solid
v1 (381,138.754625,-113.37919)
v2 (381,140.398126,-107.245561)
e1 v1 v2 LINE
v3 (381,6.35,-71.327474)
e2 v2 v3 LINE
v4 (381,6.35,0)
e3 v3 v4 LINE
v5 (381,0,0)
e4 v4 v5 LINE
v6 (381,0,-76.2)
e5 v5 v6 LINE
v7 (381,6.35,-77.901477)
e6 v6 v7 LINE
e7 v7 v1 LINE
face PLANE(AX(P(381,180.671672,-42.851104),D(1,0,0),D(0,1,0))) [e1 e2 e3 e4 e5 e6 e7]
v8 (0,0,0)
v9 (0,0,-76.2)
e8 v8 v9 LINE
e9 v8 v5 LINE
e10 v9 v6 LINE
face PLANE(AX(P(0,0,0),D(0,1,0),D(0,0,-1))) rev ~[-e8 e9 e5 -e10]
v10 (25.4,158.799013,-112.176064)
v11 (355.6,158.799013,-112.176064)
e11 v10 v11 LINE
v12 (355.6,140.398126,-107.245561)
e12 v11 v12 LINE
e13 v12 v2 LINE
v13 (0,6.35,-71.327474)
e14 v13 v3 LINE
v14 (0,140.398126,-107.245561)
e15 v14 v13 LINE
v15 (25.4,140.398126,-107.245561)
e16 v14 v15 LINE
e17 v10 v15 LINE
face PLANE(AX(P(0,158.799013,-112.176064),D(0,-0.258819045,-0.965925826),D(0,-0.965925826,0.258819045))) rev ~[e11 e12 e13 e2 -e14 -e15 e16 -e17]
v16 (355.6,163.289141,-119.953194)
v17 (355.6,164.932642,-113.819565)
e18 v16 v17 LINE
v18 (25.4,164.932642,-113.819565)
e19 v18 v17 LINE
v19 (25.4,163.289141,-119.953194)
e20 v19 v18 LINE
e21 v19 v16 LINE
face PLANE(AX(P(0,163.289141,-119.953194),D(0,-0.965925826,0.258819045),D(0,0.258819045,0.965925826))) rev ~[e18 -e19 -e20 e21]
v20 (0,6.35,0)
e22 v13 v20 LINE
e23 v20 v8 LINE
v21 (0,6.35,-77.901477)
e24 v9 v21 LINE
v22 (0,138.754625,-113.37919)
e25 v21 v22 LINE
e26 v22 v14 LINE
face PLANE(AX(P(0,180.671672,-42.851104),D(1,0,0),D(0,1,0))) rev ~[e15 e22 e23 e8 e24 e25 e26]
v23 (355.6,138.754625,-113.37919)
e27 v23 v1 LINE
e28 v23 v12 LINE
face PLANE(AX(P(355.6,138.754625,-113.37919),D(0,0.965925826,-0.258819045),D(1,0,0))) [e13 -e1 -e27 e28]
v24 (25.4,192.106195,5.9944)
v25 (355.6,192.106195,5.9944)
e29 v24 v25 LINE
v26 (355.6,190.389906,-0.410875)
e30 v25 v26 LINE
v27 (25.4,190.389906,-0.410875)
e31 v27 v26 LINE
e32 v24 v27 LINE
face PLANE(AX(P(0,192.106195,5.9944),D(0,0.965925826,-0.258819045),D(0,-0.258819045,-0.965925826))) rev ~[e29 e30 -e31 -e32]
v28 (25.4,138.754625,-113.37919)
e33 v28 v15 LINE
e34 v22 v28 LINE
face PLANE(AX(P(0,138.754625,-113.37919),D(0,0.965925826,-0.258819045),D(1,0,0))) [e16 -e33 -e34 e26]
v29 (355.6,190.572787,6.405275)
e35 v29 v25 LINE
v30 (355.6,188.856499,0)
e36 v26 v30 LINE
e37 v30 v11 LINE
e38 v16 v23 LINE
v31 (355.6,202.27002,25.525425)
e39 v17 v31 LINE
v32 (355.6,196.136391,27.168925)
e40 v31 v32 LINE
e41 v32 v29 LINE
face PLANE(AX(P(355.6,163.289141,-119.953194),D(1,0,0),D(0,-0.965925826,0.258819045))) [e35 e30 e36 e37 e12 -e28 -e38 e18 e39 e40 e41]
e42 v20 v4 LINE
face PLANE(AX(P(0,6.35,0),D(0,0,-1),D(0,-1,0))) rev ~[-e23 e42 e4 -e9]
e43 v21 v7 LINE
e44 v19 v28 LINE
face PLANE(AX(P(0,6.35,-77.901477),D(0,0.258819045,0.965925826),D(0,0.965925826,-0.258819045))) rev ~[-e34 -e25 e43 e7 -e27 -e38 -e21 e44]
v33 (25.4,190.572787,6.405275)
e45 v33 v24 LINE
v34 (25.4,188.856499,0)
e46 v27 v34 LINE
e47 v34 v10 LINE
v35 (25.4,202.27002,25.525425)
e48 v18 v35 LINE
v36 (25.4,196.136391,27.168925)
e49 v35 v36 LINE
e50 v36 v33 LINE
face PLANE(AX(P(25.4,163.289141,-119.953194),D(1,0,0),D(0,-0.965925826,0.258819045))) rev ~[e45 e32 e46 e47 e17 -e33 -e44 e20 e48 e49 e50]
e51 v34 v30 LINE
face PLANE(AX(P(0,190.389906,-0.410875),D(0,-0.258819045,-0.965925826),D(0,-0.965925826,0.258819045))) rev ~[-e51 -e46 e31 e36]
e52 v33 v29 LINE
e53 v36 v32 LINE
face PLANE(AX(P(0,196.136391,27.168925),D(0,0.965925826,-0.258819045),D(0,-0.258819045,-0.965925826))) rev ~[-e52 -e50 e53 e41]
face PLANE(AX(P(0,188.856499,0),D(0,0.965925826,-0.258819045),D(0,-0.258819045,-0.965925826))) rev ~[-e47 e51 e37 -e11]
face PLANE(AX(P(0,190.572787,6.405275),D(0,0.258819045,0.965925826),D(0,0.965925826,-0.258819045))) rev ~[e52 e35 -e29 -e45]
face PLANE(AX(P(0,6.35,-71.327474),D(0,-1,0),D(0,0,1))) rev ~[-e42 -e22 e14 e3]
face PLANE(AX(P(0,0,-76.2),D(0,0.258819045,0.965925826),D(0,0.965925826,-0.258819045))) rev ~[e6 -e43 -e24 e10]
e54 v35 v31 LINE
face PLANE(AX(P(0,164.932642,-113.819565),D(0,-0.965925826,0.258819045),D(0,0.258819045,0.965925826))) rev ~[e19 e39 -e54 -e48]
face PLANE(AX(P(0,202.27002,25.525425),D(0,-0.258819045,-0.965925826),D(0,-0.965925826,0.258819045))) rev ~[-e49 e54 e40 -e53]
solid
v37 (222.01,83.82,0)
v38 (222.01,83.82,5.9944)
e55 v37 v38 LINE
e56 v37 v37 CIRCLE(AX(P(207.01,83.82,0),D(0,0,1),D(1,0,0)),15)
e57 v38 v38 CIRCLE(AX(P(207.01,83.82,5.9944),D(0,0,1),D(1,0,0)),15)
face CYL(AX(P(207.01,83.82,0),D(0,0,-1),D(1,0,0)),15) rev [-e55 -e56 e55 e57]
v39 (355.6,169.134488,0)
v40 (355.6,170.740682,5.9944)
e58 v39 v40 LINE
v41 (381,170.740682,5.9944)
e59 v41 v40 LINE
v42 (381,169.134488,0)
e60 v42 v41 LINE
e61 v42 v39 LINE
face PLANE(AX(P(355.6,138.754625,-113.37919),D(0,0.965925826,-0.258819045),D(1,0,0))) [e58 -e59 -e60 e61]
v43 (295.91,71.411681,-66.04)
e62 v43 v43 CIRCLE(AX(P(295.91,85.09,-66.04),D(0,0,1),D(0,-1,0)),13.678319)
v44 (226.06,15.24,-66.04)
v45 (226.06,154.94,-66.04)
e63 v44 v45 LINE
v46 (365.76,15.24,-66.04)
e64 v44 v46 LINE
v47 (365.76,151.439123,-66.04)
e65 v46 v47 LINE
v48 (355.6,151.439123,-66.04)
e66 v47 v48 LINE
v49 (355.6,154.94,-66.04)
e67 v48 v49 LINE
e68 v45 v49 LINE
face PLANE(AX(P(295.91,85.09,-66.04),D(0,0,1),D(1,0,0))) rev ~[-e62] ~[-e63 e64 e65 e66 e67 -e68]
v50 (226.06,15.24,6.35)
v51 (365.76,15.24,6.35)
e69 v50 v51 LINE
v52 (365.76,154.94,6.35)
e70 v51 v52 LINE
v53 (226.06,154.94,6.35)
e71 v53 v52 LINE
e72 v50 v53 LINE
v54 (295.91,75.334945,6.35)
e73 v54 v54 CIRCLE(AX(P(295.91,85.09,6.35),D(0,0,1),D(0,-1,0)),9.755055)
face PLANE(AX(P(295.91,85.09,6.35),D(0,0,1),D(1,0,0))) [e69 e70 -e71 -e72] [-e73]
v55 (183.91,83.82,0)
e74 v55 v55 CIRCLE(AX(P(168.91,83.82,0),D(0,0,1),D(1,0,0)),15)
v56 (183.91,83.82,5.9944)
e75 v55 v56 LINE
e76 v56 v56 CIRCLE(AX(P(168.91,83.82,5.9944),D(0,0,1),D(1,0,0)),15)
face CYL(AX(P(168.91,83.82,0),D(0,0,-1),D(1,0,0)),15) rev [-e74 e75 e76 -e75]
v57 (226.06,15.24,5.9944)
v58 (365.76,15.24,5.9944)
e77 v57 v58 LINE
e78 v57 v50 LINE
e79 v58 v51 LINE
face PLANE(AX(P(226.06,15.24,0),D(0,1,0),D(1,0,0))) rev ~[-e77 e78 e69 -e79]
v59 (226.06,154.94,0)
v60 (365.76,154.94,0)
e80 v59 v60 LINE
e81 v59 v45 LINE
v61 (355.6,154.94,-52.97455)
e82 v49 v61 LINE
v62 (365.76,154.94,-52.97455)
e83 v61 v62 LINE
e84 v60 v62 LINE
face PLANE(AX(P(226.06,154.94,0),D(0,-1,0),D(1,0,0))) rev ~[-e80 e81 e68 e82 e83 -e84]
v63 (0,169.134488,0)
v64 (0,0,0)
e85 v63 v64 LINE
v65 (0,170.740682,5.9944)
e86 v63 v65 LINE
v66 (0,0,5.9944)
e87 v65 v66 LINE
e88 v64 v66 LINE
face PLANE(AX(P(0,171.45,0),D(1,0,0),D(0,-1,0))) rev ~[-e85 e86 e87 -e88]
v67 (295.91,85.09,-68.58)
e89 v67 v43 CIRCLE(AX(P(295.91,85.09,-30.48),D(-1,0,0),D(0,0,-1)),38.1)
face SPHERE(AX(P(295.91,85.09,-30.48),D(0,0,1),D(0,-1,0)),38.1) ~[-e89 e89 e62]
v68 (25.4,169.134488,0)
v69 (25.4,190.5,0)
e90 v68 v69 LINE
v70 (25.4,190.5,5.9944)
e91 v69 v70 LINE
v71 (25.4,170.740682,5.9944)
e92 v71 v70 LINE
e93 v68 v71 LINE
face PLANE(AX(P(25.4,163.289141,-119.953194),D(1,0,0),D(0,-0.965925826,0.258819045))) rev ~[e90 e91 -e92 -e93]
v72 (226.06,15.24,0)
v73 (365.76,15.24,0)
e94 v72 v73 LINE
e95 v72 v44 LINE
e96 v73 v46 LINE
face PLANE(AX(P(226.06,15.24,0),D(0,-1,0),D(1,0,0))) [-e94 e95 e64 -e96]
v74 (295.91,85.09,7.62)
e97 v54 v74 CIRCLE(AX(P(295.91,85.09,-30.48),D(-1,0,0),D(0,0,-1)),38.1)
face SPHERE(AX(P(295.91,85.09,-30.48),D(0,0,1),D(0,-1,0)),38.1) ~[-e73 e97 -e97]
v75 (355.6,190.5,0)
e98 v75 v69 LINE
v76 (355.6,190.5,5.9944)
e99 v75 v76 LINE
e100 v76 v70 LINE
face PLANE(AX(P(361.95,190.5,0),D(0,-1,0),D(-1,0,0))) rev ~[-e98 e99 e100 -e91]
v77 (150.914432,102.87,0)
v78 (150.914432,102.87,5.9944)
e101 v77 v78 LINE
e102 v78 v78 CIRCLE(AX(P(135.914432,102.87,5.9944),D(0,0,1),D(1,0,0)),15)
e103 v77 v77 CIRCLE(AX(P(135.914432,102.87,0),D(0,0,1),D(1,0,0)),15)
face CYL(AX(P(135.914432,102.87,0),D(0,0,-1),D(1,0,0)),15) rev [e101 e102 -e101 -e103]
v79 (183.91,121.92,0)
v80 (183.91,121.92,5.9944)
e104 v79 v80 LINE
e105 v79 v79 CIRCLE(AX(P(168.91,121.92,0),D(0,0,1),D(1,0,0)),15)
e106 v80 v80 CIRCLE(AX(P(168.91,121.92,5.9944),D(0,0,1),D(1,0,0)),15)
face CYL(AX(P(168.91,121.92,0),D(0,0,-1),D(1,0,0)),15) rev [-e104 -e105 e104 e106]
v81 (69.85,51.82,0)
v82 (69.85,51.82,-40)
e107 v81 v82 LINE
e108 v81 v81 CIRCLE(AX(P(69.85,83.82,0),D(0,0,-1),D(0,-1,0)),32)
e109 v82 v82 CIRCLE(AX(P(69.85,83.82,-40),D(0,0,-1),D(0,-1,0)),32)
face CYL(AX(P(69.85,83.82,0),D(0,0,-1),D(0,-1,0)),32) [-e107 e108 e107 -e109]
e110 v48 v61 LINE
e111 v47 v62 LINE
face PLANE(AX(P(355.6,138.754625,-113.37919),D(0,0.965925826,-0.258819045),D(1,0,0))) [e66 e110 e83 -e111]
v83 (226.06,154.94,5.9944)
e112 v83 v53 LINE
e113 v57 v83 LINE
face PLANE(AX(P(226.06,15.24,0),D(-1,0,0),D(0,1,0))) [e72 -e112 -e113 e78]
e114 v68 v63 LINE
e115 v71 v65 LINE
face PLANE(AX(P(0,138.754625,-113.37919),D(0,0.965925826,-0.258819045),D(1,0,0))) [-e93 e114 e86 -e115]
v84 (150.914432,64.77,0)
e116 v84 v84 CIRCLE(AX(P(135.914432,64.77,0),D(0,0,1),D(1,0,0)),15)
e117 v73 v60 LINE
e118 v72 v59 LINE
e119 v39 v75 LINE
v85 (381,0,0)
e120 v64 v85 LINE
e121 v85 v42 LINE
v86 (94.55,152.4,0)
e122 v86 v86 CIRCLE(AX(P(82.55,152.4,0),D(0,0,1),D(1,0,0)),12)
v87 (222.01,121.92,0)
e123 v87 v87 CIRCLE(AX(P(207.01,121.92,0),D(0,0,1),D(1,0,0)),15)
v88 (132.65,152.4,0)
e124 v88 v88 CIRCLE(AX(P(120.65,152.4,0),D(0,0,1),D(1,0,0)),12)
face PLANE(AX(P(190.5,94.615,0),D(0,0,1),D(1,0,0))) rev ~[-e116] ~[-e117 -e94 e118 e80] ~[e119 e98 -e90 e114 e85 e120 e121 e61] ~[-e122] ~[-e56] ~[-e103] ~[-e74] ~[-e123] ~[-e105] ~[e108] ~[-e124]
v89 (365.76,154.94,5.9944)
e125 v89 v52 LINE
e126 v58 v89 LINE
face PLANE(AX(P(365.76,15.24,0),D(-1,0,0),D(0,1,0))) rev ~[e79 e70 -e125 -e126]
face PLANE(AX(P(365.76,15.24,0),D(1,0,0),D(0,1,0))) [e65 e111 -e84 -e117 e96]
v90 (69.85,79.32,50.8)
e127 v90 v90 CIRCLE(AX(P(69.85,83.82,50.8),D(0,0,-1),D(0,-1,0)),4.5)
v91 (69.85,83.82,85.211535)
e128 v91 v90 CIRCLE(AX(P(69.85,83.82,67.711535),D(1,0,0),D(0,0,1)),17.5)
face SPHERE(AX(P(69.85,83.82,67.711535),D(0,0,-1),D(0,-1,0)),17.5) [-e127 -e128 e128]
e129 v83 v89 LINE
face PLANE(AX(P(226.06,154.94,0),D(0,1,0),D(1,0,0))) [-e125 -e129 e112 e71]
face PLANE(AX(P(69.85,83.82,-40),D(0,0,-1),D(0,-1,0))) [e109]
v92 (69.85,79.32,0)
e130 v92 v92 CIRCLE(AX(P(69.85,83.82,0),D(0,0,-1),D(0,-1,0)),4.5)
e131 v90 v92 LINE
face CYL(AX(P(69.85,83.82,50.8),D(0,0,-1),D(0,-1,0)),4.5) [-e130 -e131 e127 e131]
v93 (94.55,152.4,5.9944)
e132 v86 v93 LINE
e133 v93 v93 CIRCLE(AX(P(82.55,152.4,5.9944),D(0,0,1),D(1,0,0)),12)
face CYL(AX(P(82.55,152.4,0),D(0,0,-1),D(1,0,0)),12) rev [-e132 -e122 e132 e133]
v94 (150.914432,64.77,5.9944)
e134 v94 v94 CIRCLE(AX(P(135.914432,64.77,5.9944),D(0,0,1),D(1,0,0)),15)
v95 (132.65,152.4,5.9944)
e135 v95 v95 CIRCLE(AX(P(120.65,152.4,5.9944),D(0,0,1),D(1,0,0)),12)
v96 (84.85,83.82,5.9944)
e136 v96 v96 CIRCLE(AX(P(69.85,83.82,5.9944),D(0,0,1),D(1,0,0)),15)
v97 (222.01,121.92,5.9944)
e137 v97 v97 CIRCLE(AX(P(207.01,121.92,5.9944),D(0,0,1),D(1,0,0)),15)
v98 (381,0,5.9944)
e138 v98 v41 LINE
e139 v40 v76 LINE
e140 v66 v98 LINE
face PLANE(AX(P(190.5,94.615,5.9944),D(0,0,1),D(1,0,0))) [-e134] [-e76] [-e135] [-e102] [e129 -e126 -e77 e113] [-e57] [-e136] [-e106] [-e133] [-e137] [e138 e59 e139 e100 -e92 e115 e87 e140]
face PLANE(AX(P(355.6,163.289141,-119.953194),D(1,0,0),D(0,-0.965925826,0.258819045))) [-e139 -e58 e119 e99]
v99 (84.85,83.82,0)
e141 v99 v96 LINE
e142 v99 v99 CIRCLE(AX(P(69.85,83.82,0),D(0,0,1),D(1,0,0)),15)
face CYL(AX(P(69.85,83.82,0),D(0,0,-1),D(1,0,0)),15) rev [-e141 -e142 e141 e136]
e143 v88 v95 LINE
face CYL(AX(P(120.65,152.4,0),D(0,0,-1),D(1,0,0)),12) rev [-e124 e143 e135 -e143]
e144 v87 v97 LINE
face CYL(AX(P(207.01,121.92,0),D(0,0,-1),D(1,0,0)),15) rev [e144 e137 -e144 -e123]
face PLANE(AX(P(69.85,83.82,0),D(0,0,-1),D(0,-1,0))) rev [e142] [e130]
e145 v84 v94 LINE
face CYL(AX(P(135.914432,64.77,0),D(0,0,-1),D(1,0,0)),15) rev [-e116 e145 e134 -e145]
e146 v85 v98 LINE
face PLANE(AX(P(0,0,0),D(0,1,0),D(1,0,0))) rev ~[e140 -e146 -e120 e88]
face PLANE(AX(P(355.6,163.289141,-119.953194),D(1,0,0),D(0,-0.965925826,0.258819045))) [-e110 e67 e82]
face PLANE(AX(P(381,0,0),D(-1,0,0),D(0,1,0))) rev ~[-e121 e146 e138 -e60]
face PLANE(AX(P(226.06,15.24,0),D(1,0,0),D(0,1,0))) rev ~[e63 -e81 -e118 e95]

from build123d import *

# Parameters (mm, degrees)
F2_R           = 15
F2_W           = 139.7
F2_H           = 139.7
F2_R_2         = 12
F3_DEPTH       = 5.9944
F13_DEPTH      = 66.04
F13_DEPTH_BACK = 6.35
F15_DEPTH      = 381
F16_W          = 25.4
F16_H          = 25.4
F17_DEPTH      = 203.2


with BuildPart() as f3:
    # F2 (on Top) → F3 (new body)
    with BuildSketch(Plane.XY):
        Polygon((0, 171.45), (0, 0), (381, 0), (381, 171.45), (361.95, 171.45), (361.95, 190.5), (19.05, 190.5), (19.05, 171.45), align=None)
        with Locations((69.85, 83.82)):
            Circle(F2_R, mode=Mode.SUBTRACT)
        with Locations((135.9144321158, 64.77)):
            Circle(F2_R, mode=Mode.SUBTRACT)
        with Locations((168.91, 83.82)):
            Circle(F2_R, mode=Mode.SUBTRACT)
        with Locations((207.01, 83.82)):
            Circle(F2_R, mode=Mode.SUBTRACT)
        with Locations((295.91, 85.09)):
            Rectangle(F2_W, F2_H, mode=Mode.SUBTRACT)
        with Locations((135.9144321158, 102.87)):
            Circle(F2_R, mode=Mode.SUBTRACT)
        with Locations((168.91, 121.92)):
            Circle(F2_R, mode=Mode.SUBTRACT)
        with Locations((82.55, 152.4)):
            Circle(F2_R_2, mode=Mode.SUBTRACT)
        with Locations((120.65, 152.4)):
            Circle(F2_R_2, mode=Mode.SUBTRACT)
        with Locations((207.01, 121.92)):
            Circle(F2_R, mode=Mode.SUBTRACT)
    extrude(amount=F3_DEPTH)

    # F9 (on offset) → F10 (revolve)
    with BuildSketch(Plane.YZ.offset(69.85)):
        with BuildLine():
            Line((83.82, -40), (83.82, 85.2115345253))
            ThreePointArc((83.82, 85.2115345253), (66.4677400003, 69.980691396), (79.32, 50.8))
            Line((79.32, 50.8), (79.32, 0))
            Line((79.32, 0), (51.82, 0))
            Line((51.82, 0), (51.82, -40))
            Line((51.82, -40), (83.82, -40))
        make_face()
    revolve(axis=Axis((69.85, 83.82, 22.6057672626), (0, 0, -1)))



with BuildPart() as f12:
    # F11 (on 3pt) → F12 (revolve)
    with BuildSketch(Plane(origin=(295.91, 0, 0), x_dir=(0, -1, 0), z_dir=(-1, 0, 0))):
        with BuildLine():
            Line((-85.09, 7.62), (-85.09, -68.58))
            ThreePointArc((-85.09, -68.58), (-46.99, -30.48), (-85.09, 7.62))
        make_face()
    revolve(axis=Axis((295.91, 85.09, -30.48), (0, 0, -1)))


with BuildPart() as f3_1:
    add(f3.part)

    add(f12.part)  # F13 merges F12
    # F2 (on Top) → F13 (join, two sides)
    with BuildSketch(Plane.XY) as f13_sk:
        with Locations((295.91, 85.09)):
            Rectangle(F2_W, F2_H)
    extrude(amount=-F13_DEPTH)
    extrude(f13_sk.sketch, amount=F13_DEPTH_BACK)


with BuildPart() as f15:
    # F14 (on Right) → F15 (new body)
    with BuildSketch(Plane.YZ):
        Polygon((188.8564990636, 0), (158.7990133976, -112.1760636532), (164.9326423946, -113.8195645896), (202.2700196956, 25.5254245194), (196.1363906987, 27.1689254558), (190.5727873899, 6.4052752341), (192.1061946391, 5.9944), (190.3899063128, -0.4108752341), align=None)
        Polygon((6.35, -71.3274736263), (6.35, -77.9014773719), (163.2891414582, -119.9531935865), (164.9326423946, -113.8195645896), (158.7990133976, -112.1760636532), align=None)
        Polygon((6.35, 0), (0, 0), (0, -76.2), (6.35, -77.9014773719), (6.35, -71.3274736263), align=None)
    extrude(amount=F15_DEPTH)


with BuildPart() as f17_tool:
    # F16 (on face) → F17 (new body)
    with BuildSketch(Plane(origin=(0, -19.05, -71.0955678842), x_dir=(1, 0, 0), z_dir=(0, -0.2588190451, -0.9659258263))):
        with Locations((368.3, -176.0713699081)):
            Rectangle(F16_W, F16_H)
        with Locations((12.7, -176.0713699081)):
            Rectangle(F16_W, F16_H)
    extrude(amount=-F17_DEPTH)


with BuildPart() as f3_2:
    add(f3_1.part)

    # F17: cut by f17_tool
    add(f17_tool.part, mode=Mode.SUBTRACT)


with BuildPart() as f15_1:
    add(f15.part)

    # F17: cut by f17_tool
    add(f17_tool.part, mode=Mode.SUBTRACT)


solid = Compound([f3_2.part, f15_1.part])
